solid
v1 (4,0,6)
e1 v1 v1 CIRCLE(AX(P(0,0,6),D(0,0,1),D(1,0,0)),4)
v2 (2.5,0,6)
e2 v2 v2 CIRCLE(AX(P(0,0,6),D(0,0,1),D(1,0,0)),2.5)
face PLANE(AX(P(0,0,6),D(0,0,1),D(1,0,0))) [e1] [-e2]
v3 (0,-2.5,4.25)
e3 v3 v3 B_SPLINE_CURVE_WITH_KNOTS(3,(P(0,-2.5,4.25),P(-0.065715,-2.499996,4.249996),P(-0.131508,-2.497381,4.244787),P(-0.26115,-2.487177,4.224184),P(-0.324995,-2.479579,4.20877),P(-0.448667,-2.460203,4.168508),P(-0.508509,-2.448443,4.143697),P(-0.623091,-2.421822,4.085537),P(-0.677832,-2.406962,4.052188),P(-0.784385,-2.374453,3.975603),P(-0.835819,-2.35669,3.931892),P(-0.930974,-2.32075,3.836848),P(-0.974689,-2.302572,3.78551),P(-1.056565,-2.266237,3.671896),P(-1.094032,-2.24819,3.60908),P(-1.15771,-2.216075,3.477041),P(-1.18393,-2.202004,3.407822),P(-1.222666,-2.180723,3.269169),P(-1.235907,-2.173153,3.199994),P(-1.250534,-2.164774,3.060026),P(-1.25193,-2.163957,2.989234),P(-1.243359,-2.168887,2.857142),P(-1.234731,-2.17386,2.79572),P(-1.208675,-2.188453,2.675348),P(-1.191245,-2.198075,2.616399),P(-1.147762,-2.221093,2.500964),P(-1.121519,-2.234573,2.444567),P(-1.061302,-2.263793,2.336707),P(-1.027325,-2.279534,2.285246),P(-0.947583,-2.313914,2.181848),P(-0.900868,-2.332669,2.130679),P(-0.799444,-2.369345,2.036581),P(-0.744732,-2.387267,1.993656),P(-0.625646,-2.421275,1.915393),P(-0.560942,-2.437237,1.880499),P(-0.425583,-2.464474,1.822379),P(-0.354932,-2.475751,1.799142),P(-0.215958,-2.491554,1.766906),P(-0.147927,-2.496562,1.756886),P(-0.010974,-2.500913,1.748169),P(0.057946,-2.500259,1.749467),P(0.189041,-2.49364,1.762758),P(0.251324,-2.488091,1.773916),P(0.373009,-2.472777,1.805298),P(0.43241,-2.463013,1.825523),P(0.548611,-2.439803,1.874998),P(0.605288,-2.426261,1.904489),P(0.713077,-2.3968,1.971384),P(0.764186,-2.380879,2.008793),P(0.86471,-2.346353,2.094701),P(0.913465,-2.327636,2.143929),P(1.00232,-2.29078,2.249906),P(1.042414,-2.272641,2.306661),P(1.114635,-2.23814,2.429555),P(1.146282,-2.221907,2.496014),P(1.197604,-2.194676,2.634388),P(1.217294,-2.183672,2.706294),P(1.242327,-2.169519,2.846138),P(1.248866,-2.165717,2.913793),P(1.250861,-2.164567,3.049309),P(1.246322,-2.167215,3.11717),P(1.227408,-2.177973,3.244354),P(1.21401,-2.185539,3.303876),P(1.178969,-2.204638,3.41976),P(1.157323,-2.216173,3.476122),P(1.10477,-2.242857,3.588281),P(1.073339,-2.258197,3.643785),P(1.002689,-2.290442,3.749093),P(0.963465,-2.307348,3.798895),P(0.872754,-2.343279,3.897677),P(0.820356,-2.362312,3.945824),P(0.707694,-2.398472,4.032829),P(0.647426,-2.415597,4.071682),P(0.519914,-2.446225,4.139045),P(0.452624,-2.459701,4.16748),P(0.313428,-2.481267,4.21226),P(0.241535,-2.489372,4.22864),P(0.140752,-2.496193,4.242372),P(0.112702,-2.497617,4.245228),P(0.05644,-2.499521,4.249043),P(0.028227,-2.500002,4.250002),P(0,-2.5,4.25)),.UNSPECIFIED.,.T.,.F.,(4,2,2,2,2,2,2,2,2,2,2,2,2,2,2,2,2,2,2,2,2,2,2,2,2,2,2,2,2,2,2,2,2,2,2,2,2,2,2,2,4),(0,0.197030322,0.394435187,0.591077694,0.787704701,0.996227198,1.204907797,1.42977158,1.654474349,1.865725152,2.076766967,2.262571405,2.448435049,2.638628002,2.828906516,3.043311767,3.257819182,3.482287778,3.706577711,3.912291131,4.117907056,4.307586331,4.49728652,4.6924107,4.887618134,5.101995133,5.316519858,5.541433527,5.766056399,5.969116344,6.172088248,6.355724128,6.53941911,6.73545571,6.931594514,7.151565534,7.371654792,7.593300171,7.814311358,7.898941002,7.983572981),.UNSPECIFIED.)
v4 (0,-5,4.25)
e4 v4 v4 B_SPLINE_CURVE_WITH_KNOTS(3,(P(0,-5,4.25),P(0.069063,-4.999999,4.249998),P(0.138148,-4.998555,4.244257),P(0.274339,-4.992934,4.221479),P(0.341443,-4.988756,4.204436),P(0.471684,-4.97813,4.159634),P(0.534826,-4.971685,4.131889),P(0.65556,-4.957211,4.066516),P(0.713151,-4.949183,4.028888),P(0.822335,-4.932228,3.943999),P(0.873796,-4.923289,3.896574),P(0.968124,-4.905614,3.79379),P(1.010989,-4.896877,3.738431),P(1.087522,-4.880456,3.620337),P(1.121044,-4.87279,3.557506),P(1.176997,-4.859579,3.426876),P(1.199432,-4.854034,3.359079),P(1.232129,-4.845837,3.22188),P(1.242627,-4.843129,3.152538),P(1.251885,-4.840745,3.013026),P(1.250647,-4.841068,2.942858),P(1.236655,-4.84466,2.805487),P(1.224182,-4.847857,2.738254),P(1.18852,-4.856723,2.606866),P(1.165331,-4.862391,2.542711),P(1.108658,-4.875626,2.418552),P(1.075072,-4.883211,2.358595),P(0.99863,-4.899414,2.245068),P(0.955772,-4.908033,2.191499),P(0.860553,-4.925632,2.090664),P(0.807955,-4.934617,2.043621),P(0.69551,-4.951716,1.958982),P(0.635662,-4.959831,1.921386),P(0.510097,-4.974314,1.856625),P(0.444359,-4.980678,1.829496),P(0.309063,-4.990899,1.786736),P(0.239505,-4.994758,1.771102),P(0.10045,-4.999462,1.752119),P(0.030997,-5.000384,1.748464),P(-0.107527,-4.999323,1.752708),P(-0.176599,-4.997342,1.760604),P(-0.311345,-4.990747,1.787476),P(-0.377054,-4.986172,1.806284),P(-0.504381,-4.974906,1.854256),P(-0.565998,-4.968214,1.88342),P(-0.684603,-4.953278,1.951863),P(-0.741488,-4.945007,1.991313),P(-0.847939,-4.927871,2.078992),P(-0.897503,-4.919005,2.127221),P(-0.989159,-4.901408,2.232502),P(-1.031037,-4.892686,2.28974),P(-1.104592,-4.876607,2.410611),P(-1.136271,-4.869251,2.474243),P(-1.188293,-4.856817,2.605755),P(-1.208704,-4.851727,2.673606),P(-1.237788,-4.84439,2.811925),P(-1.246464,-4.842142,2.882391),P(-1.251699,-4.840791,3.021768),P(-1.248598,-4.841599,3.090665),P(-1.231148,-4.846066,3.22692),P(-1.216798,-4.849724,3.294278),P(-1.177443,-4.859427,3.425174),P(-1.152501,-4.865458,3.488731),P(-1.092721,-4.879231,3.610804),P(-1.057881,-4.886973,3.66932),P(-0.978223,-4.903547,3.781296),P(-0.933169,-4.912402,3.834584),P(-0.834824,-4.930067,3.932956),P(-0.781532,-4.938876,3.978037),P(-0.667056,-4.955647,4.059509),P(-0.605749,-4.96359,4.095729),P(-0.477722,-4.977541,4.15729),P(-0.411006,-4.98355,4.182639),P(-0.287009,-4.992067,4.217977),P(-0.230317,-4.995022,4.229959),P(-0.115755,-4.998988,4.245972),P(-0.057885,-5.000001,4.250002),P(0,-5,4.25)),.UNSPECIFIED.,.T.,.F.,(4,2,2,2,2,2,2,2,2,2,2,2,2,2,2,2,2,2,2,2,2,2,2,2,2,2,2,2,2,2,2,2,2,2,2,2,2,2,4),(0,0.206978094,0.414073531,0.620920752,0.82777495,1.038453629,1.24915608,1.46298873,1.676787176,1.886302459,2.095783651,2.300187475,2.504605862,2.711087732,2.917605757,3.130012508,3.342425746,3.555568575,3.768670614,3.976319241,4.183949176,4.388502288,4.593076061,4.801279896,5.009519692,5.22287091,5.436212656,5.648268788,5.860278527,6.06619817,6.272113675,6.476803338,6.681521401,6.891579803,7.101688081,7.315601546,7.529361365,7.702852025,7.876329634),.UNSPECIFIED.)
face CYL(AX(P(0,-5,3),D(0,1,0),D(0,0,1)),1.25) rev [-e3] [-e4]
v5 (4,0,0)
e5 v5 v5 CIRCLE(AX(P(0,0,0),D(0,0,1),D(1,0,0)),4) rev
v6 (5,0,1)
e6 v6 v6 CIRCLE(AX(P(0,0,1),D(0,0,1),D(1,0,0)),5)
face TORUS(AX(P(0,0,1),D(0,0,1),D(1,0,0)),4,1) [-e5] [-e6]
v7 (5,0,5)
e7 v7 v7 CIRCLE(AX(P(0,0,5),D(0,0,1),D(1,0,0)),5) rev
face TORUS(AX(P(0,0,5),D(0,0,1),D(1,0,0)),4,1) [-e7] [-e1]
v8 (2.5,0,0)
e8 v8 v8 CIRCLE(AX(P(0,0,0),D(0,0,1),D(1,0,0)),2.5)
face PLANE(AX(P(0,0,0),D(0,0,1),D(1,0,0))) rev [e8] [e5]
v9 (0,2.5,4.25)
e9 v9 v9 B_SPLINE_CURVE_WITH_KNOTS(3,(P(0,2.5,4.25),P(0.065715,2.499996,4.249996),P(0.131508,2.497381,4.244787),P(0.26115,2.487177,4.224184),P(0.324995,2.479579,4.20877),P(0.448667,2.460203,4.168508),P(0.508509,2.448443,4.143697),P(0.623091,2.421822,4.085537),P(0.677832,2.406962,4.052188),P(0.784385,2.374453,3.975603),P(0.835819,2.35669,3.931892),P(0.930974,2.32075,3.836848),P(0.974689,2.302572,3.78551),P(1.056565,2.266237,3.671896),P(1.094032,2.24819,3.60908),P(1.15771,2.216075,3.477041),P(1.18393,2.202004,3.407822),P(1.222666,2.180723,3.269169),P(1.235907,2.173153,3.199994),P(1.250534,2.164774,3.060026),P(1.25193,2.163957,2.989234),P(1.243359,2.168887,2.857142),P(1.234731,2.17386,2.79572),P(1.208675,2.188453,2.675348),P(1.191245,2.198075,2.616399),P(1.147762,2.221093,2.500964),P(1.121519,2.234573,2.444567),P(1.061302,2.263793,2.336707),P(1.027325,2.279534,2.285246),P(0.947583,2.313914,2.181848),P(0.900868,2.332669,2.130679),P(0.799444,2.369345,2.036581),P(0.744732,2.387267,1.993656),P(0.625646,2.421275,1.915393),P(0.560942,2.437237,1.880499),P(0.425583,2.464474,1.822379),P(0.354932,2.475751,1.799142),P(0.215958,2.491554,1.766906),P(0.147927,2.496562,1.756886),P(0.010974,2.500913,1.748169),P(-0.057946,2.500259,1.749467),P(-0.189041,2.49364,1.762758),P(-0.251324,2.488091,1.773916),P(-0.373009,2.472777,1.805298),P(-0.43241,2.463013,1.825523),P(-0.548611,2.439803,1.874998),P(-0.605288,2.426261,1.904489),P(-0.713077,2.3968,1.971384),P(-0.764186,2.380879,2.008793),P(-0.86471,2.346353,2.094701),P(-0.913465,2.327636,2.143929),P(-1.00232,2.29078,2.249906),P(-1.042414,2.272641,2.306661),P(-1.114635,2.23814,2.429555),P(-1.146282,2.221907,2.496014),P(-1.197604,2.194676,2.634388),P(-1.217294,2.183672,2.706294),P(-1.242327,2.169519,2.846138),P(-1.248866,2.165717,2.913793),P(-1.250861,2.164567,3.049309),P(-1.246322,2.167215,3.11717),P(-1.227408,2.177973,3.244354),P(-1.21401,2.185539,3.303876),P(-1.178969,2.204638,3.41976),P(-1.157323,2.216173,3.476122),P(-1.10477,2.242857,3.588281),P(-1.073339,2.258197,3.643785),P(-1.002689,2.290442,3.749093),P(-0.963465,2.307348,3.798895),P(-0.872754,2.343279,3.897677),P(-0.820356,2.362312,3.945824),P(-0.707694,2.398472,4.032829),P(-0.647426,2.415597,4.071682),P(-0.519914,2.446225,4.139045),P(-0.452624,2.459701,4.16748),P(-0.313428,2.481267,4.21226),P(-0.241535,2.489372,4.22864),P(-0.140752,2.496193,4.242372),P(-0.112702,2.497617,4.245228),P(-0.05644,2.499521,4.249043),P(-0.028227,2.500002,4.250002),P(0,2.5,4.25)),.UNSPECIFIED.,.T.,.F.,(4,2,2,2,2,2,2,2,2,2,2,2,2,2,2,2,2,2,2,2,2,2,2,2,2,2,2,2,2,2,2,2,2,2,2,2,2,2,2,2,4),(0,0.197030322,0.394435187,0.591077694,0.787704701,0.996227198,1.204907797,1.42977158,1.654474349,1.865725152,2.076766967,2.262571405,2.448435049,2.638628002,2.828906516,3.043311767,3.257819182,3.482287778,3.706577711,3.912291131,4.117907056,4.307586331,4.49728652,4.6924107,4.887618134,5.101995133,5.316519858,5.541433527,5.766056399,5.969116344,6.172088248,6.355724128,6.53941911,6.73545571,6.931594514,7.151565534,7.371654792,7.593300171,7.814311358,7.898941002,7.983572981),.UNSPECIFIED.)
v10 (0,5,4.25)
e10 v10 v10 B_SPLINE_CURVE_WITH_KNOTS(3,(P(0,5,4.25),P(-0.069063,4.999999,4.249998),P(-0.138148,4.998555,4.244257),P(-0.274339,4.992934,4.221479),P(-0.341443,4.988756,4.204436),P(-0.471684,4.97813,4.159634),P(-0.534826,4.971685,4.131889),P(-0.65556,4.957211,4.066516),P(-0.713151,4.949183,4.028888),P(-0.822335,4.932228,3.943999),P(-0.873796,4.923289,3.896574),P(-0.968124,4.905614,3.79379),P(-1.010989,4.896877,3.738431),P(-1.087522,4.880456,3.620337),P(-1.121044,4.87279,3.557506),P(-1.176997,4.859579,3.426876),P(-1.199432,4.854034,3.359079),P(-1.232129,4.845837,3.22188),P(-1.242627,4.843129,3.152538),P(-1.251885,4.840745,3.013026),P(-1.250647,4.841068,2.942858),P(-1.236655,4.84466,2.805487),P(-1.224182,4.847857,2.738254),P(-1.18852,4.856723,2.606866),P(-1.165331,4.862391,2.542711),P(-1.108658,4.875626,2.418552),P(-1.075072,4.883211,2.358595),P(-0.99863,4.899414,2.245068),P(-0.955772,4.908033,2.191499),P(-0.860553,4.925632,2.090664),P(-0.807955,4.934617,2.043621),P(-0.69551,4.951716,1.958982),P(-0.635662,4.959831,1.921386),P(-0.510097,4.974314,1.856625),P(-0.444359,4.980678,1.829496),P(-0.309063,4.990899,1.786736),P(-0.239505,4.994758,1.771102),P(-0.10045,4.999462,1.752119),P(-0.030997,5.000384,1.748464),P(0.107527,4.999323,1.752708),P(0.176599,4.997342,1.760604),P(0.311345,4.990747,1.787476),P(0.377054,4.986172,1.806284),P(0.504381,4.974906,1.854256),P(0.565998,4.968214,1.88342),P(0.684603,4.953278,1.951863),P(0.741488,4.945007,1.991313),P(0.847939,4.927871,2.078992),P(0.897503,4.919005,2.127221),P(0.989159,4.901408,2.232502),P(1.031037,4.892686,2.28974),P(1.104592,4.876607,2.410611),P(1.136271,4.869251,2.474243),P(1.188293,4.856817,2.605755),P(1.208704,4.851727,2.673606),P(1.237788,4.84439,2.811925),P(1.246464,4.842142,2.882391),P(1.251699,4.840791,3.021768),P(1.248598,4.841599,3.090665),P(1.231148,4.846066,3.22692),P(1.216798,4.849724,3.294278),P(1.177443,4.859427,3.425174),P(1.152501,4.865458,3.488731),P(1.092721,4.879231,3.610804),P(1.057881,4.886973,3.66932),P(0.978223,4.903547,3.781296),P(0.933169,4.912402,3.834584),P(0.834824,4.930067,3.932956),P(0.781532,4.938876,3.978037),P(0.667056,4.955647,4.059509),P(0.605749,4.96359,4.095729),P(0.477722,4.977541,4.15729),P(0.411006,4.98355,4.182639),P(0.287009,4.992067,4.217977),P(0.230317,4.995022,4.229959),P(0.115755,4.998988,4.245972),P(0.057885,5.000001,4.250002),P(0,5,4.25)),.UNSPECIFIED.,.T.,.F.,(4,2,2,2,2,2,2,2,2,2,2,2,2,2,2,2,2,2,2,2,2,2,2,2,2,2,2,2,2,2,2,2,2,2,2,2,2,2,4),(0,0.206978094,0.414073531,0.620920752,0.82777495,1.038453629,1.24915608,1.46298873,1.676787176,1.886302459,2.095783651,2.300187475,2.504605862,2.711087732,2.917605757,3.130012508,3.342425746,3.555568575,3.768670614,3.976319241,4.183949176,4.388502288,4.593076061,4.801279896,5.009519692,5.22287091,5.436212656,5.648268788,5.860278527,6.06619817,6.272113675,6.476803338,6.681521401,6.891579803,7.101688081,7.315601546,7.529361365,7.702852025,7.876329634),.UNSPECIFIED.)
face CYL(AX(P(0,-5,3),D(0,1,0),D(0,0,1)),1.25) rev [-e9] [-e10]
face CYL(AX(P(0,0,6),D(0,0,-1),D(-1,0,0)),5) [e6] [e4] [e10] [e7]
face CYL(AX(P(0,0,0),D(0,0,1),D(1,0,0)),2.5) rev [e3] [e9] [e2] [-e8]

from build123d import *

# Parameters (mm, degrees)
SKETCH1_R               = 5
BOSS_EXTRUDE1_DEPTH     = 6
FILLET3_R               = 1
SKETCH2_R               = 2.5
CUT_EXTRUDE1_DEPTH      = 1
CUT_EXTRUDE1_DEPTH_BACK = 7
SKETCH3_R               = 1.25
CUT_EXTRUDE2_DEPTH      = 6.0000001
CUT_EXTRUDE2_DEPTH_BACK = 6


with BuildPart() as part:
    # Sketch1 → Boss-Extrude1 (new body)
    with BuildSketch(Plane.XY):
        Circle(SKETCH1_R)
    extrude(amount=BOSS_EXTRUDE1_DEPTH)

    # Fillet3
    fillet3_edges = [part.edges().sort_by_distance(p)[0] for p in [
        (-5, 0, 0),
        (-5, 0, 6),
    ]]
    fillet(fillet3_edges, radius=FILLET3_R)

    # Sketch2 → Cut-Extrude1 (cut, two sides)
    with BuildSketch(Plane.XY.offset(6)) as cut_extrude1_sk:
        Circle(SKETCH2_R)
    extrude(amount=CUT_EXTRUDE1_DEPTH, mode=Mode.SUBTRACT)
    extrude(cut_extrude1_sk.sketch, amount=-CUT_EXTRUDE1_DEPTH_BACK, mode=Mode.SUBTRACT)

    # Sketch3 → Cut-Extrude2 (cut, two sides)
    with BuildSketch(Plane(origin=(0, 0, 0), x_dir=(1, 0, 0), z_dir=(0, 1, 0))) as cut_extrude2_sk:
        with Locations((0, -3)):
            Circle(SKETCH3_R)
    extrude(amount=CUT_EXTRUDE2_DEPTH, mode=Mode.SUBTRACT)
    extrude(cut_extrude2_sk.sketch, amount=-CUT_EXTRUDE2_DEPTH_BACK, mode=Mode.SUBTRACT)


solid = part.part
